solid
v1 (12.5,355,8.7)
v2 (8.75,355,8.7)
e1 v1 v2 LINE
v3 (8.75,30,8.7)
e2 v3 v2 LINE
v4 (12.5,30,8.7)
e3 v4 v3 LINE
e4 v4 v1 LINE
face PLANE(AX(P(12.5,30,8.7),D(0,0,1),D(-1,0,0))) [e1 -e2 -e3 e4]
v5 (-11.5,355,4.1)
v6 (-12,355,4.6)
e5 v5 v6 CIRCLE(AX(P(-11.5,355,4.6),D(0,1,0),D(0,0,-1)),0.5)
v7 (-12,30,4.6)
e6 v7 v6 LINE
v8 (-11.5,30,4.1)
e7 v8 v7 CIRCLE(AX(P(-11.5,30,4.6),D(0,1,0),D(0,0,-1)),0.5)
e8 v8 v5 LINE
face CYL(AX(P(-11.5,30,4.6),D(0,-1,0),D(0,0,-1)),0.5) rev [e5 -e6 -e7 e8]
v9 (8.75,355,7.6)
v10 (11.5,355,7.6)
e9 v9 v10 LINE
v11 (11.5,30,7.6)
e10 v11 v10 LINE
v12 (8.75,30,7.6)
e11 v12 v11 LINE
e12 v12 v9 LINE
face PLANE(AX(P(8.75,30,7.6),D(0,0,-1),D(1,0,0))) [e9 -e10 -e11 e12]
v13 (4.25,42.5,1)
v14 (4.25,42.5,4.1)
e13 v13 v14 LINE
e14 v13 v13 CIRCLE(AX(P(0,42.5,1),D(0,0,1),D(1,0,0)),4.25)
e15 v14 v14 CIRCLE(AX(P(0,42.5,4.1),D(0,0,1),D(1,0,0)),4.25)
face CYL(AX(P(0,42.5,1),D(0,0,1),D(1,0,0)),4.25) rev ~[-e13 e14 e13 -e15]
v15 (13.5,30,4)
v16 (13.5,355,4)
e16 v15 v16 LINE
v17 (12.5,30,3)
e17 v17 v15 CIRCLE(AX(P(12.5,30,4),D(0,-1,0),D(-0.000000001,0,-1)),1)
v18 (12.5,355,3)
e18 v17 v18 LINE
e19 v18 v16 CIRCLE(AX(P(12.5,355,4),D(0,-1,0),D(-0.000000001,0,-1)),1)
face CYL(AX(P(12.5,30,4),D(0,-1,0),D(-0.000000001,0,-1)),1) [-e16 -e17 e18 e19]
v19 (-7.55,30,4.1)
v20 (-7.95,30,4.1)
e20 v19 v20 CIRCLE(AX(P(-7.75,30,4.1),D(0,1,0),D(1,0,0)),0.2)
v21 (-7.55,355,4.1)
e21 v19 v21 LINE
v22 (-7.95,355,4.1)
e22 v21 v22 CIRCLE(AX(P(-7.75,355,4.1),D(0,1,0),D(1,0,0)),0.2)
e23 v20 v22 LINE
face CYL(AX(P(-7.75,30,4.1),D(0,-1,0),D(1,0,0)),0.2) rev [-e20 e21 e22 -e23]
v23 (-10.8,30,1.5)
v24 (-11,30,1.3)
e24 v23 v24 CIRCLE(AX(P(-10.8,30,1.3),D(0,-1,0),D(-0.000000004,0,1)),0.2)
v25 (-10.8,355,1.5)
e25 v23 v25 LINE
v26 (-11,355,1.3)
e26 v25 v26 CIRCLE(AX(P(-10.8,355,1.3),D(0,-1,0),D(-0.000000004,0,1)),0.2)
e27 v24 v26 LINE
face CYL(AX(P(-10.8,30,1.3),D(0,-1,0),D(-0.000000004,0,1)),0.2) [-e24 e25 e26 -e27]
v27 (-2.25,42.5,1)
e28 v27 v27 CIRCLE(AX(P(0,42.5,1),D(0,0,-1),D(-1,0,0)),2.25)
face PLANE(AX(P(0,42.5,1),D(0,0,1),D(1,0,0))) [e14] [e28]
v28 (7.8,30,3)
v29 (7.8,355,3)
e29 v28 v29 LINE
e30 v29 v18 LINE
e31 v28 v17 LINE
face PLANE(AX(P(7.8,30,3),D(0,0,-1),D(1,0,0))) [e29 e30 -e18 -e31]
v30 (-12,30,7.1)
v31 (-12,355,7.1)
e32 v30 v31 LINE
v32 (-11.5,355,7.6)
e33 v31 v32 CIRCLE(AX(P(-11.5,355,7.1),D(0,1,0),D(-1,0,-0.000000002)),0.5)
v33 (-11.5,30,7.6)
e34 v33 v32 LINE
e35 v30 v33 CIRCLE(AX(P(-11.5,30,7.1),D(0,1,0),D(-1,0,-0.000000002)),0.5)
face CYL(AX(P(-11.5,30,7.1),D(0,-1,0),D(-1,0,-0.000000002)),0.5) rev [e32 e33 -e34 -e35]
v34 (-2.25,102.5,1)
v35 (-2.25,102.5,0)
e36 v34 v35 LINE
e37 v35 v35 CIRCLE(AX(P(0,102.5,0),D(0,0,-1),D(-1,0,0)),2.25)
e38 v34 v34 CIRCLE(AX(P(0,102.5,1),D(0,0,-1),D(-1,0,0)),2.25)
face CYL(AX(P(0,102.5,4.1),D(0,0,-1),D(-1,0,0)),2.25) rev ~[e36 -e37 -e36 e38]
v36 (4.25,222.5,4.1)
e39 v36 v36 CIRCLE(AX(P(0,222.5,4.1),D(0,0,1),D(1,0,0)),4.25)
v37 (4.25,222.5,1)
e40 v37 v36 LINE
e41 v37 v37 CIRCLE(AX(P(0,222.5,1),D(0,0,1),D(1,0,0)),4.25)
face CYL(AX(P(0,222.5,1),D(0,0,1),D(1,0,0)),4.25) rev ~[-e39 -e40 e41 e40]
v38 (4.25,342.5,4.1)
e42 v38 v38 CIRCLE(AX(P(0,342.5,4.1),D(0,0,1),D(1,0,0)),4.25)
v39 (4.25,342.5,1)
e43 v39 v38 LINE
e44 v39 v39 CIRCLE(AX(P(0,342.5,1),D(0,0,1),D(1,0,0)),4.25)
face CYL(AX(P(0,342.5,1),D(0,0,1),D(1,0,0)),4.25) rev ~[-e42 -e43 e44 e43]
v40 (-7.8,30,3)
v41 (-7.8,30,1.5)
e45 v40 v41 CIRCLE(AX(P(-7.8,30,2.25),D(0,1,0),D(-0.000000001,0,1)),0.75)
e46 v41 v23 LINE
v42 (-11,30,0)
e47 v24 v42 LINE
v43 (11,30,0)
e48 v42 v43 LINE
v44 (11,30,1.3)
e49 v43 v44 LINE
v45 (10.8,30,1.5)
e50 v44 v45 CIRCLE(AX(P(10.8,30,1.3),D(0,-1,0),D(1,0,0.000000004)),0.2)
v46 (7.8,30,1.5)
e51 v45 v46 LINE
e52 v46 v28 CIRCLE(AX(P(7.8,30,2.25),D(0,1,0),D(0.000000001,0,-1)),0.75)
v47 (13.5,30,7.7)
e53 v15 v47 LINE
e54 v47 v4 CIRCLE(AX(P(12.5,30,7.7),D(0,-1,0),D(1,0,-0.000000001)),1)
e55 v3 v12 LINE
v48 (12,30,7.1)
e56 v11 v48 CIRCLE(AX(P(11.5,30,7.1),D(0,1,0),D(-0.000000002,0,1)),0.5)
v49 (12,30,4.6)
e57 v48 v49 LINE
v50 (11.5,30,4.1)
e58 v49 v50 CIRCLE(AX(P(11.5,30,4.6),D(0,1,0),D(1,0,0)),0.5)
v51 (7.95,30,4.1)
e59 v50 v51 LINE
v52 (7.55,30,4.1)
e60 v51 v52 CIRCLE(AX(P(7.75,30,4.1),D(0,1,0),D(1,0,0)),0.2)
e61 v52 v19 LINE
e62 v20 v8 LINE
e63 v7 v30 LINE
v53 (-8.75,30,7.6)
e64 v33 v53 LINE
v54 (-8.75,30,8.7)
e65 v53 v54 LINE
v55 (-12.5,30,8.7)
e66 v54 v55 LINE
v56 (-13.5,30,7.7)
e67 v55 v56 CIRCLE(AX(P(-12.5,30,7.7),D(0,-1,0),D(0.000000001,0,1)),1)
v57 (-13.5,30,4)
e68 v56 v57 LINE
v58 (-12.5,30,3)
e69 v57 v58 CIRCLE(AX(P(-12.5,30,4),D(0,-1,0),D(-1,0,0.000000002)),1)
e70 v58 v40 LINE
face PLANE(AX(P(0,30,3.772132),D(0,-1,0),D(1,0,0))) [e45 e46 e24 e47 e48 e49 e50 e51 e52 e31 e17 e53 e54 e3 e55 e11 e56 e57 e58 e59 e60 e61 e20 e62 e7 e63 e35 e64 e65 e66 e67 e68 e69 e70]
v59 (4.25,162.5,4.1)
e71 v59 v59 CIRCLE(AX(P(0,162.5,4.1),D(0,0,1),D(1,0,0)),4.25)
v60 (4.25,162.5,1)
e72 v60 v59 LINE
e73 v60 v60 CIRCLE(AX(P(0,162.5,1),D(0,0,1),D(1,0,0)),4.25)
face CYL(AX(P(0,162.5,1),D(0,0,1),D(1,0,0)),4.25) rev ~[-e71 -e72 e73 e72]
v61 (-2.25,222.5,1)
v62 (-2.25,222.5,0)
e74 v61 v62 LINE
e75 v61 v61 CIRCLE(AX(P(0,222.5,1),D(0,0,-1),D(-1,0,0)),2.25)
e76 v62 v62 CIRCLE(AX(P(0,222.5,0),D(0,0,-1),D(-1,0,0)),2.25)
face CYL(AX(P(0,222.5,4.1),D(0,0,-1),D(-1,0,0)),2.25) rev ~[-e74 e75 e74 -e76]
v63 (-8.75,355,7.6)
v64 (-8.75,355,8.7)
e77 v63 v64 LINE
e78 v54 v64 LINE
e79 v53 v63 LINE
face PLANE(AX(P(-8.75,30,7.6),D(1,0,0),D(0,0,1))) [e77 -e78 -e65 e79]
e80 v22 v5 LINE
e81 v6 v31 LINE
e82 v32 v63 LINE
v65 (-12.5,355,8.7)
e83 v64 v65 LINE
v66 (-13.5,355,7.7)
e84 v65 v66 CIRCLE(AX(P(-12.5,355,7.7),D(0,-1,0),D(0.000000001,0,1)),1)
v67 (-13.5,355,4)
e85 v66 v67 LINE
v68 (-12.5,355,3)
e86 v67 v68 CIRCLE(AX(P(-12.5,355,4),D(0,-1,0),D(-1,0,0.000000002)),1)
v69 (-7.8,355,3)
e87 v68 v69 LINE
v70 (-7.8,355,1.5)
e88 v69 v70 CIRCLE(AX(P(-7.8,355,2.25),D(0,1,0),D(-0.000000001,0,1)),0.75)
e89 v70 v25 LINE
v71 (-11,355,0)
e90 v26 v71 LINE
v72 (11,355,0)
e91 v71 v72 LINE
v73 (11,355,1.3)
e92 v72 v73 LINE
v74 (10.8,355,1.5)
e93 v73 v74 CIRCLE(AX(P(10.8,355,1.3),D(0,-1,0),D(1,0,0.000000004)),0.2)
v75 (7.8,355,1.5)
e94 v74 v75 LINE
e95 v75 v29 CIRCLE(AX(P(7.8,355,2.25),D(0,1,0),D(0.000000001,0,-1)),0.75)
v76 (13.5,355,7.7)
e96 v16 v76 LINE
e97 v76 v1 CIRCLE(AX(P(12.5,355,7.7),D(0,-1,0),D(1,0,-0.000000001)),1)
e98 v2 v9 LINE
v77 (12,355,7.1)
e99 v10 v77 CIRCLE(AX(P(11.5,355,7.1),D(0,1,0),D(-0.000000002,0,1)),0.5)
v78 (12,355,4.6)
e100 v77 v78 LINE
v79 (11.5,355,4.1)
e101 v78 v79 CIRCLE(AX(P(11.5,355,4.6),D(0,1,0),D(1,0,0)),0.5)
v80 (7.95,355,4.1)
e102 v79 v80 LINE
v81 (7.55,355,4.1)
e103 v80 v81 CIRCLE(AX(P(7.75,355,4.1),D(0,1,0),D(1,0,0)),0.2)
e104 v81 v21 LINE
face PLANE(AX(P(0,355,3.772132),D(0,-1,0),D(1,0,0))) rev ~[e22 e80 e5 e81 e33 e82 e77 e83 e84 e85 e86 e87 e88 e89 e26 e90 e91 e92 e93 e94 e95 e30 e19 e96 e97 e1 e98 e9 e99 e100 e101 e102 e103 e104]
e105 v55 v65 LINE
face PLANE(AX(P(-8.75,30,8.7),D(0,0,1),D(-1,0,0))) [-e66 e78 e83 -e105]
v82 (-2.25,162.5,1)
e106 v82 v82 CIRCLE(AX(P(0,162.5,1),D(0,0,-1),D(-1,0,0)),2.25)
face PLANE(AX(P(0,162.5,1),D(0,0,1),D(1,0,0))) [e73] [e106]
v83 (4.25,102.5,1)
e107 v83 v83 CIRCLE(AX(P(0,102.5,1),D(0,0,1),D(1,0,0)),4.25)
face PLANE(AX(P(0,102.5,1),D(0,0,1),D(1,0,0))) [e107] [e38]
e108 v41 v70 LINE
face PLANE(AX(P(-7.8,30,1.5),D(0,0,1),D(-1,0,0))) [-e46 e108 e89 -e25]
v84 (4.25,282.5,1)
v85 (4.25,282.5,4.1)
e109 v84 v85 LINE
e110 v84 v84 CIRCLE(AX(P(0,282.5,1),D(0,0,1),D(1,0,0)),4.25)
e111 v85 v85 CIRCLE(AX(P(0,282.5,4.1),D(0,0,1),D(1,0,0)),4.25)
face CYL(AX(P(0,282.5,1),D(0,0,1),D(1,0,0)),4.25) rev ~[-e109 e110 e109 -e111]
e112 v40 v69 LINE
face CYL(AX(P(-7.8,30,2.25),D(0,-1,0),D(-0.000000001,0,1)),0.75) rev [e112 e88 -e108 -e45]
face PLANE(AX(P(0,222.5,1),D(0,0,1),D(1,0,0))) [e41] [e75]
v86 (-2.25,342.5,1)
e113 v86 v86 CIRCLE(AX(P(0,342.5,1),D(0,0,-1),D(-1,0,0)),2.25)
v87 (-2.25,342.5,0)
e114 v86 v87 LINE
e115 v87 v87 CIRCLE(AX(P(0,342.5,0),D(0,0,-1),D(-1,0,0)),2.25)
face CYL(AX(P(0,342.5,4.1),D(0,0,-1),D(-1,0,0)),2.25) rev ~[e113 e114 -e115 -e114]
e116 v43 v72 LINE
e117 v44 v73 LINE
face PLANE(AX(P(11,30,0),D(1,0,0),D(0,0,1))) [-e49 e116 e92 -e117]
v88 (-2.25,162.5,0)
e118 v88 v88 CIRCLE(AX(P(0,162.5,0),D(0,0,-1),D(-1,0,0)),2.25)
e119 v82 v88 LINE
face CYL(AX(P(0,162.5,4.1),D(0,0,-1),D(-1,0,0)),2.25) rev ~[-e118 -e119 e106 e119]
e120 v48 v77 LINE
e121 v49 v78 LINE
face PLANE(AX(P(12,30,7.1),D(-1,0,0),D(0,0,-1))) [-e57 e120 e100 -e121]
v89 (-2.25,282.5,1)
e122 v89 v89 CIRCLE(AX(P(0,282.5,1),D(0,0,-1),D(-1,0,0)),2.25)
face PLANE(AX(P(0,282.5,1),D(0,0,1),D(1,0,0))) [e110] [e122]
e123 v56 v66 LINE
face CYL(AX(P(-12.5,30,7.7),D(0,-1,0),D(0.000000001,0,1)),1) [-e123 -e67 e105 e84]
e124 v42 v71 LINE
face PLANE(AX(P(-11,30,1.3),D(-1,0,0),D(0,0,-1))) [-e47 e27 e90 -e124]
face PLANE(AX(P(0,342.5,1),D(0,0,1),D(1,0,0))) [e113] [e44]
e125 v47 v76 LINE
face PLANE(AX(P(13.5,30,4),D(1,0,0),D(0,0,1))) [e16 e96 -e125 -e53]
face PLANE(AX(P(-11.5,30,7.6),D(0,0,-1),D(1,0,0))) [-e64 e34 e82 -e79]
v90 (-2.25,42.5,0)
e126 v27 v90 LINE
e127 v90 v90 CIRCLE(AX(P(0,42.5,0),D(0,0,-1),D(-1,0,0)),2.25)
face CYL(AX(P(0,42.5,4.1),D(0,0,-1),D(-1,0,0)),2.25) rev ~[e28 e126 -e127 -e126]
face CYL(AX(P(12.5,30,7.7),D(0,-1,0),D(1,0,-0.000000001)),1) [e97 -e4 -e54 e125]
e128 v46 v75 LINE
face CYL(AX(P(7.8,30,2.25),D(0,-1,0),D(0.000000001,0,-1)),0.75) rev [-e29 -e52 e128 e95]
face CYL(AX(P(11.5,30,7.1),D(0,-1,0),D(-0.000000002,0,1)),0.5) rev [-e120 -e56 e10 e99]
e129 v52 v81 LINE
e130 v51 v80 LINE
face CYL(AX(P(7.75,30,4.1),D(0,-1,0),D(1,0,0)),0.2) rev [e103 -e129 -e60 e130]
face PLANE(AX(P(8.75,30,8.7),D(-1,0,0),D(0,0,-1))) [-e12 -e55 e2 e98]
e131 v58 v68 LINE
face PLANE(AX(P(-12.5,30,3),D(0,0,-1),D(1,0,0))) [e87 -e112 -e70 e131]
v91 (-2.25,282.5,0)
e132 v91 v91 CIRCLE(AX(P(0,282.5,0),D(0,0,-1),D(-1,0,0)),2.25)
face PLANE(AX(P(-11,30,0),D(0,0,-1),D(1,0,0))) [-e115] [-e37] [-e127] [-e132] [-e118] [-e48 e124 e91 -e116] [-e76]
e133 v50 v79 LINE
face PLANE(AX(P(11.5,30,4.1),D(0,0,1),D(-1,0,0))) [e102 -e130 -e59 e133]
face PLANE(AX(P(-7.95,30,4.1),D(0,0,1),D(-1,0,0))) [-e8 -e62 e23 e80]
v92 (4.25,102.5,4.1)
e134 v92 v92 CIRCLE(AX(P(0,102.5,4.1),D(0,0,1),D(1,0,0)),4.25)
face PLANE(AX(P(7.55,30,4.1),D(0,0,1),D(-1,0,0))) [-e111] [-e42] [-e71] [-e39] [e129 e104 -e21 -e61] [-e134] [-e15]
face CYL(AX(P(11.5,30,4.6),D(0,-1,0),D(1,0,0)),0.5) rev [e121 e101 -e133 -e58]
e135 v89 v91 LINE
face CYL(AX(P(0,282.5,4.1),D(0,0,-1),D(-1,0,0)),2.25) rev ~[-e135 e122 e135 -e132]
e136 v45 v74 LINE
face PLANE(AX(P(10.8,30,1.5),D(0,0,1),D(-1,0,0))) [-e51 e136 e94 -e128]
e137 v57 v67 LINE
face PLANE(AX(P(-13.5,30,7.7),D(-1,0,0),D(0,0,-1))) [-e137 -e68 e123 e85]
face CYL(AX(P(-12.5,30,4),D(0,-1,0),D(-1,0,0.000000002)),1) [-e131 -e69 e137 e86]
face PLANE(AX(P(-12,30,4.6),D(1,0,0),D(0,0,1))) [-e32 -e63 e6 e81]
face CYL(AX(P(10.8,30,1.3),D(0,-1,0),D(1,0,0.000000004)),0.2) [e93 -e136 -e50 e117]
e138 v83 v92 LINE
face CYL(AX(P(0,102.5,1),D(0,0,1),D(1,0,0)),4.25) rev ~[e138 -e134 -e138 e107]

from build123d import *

# Parameters (mm, degrees)
BOSS_EXTRUDE1_DEPTH                              = 325
CBORE_FOR_M4_HEX_HEAD_MACHINE_SCREW1_D           = 4.5
CBORE_FOR_M4_HEX_HEAD_MACHINE_SCREW1_CBORE_D     = 8.5
CBORE_FOR_M4_HEX_HEAD_MACHINE_SCREW1_CBORE_DEPTH = 3.1
LPATTERN1_COUNT                                  = 6
LPATTERN1_PITCH                                  = 60


with BuildPart() as part:
    # Sketch1 → Boss-Extrude1 (new body)
    with BuildSketch(Plane.XZ.offset(-30)):
        with BuildLine():
            Line((-7.8, 1.5), (-10.8, 1.5))
            ThreePointArc((-10.8, 1.5), (-10.941421356, 1.441421356), (-11, 1.3))
            Line((-11, 1.3), (-11, 0))
            Line((-11, 0), (11, 0))
            Line((11, 0), (11, 1.3))
            ThreePointArc((11, 1.3), (10.941421356, 1.441421356), (10.8, 1.5))
            Line((10.8, 1.5), (7.8, 1.5))
            ThreePointArc((7.8, 1.5), (7.05, 2.249999999), (7.8, 2.999999999))
            Line((7.8, 2.999999999), (12.5, 2.999999999))
            ThreePointArc((12.5, 2.999999999), (13.207106782, 3.292893218), (13.5, 4))
            Line((13.5, 4), (13.5, 7.7))
            ThreePointArc((13.5, 7.7), (13.207106782, 8.407106781), (12.5, 8.7))
            Line((12.5, 8.7), (8.750000002, 8.7))
            Line((8.750000002, 8.7), (8.750000002, 7.599999996))
            Line((8.750000002, 7.599999996), (11.500000003, 7.599999996))
            ThreePointArc((11.500000003, 7.599999996), (11.853553391, 7.453553388), (11.999999999, 7.1))
            Line((11.999999999, 7.1), (11.999999999, 4.6))
            ThreePointArc((11.999999999, 4.6), (11.853553391, 4.246446612), (11.500000003, 4.100000003))
            Line((11.500000003, 4.100000003), (7.950000003, 4.100000003))
            ThreePointArc((7.950000003, 4.100000003), (7.750000003, 3.900000003), (7.550000003, 4.100000003))
            Line((7.550000003, 4.100000003), (-7.549999997, 4.100000003))
            ThreePointArc((-7.549999997, 4.100000003), (-7.749999997, 3.900000003), (-7.949999997, 4.100000003))
            Line((-7.949999997, 4.100000003), (-11.499999997, 4.100000003))
            ThreePointArc((-11.499999997, 4.100000003), (-11.853553386, 4.246446612), (-11.999999994, 4.6))
            Line((-11.999999994, 4.6), (-11.999999994, 7.1))
            ThreePointArc((-11.999999994, 7.1), (-11.853553386, 7.453553388), (-11.499999998, 7.599999996))
            Line((-11.499999998, 7.599999996), (-8.749999996, 7.599999996))
            Line((-8.749999996, 7.599999996), (-8.749999996, 8.7))
            Line((-8.749999996, 8.7), (-12.5, 8.7))
            ThreePointArc((-12.5, 8.7), (-13.207106782, 8.407106781), (-13.5, 7.7))
            Line((-13.5, 7.7), (-13.5, 4))
            ThreePointArc((-13.5, 4), (-13.207106782, 3.292893218), (-12.5, 2.999999999))
            Line((-12.5, 2.999999999), (-7.8, 2.999999999))
            ThreePointArc((-7.8, 2.999999999), (-7.05, 2.249999999), (-7.8, 1.5))
        make_face()
    extrude(amount=-BOSS_EXTRUDE1_DEPTH)

    # CBORE for M4 Hex Head Machine Screw1 (through all)
    with Locations(Plane.XY.offset(4.100000003)):
        with Locations((0, 42.5)):
            cbore_for_m4_hex_head_machine_screw1 = CounterBoreHole(CBORE_FOR_M4_HEX_HEAD_MACHINE_SCREW1_D / 2, CBORE_FOR_M4_HEX_HEAD_MACHINE_SCREW1_CBORE_D / 2, CBORE_FOR_M4_HEX_HEAD_MACHINE_SCREW1_CBORE_DEPTH)

    # LPattern1: CBORE for M4 Hex Head Machine Screw1 ×6
    with Locations(*[(0, i * LPATTERN1_PITCH, 0) for i in range(1, LPATTERN1_COUNT)]):
        add(cbore_for_m4_hex_head_machine_screw1, mode=Mode.SUBTRACT)


solid = part.part
